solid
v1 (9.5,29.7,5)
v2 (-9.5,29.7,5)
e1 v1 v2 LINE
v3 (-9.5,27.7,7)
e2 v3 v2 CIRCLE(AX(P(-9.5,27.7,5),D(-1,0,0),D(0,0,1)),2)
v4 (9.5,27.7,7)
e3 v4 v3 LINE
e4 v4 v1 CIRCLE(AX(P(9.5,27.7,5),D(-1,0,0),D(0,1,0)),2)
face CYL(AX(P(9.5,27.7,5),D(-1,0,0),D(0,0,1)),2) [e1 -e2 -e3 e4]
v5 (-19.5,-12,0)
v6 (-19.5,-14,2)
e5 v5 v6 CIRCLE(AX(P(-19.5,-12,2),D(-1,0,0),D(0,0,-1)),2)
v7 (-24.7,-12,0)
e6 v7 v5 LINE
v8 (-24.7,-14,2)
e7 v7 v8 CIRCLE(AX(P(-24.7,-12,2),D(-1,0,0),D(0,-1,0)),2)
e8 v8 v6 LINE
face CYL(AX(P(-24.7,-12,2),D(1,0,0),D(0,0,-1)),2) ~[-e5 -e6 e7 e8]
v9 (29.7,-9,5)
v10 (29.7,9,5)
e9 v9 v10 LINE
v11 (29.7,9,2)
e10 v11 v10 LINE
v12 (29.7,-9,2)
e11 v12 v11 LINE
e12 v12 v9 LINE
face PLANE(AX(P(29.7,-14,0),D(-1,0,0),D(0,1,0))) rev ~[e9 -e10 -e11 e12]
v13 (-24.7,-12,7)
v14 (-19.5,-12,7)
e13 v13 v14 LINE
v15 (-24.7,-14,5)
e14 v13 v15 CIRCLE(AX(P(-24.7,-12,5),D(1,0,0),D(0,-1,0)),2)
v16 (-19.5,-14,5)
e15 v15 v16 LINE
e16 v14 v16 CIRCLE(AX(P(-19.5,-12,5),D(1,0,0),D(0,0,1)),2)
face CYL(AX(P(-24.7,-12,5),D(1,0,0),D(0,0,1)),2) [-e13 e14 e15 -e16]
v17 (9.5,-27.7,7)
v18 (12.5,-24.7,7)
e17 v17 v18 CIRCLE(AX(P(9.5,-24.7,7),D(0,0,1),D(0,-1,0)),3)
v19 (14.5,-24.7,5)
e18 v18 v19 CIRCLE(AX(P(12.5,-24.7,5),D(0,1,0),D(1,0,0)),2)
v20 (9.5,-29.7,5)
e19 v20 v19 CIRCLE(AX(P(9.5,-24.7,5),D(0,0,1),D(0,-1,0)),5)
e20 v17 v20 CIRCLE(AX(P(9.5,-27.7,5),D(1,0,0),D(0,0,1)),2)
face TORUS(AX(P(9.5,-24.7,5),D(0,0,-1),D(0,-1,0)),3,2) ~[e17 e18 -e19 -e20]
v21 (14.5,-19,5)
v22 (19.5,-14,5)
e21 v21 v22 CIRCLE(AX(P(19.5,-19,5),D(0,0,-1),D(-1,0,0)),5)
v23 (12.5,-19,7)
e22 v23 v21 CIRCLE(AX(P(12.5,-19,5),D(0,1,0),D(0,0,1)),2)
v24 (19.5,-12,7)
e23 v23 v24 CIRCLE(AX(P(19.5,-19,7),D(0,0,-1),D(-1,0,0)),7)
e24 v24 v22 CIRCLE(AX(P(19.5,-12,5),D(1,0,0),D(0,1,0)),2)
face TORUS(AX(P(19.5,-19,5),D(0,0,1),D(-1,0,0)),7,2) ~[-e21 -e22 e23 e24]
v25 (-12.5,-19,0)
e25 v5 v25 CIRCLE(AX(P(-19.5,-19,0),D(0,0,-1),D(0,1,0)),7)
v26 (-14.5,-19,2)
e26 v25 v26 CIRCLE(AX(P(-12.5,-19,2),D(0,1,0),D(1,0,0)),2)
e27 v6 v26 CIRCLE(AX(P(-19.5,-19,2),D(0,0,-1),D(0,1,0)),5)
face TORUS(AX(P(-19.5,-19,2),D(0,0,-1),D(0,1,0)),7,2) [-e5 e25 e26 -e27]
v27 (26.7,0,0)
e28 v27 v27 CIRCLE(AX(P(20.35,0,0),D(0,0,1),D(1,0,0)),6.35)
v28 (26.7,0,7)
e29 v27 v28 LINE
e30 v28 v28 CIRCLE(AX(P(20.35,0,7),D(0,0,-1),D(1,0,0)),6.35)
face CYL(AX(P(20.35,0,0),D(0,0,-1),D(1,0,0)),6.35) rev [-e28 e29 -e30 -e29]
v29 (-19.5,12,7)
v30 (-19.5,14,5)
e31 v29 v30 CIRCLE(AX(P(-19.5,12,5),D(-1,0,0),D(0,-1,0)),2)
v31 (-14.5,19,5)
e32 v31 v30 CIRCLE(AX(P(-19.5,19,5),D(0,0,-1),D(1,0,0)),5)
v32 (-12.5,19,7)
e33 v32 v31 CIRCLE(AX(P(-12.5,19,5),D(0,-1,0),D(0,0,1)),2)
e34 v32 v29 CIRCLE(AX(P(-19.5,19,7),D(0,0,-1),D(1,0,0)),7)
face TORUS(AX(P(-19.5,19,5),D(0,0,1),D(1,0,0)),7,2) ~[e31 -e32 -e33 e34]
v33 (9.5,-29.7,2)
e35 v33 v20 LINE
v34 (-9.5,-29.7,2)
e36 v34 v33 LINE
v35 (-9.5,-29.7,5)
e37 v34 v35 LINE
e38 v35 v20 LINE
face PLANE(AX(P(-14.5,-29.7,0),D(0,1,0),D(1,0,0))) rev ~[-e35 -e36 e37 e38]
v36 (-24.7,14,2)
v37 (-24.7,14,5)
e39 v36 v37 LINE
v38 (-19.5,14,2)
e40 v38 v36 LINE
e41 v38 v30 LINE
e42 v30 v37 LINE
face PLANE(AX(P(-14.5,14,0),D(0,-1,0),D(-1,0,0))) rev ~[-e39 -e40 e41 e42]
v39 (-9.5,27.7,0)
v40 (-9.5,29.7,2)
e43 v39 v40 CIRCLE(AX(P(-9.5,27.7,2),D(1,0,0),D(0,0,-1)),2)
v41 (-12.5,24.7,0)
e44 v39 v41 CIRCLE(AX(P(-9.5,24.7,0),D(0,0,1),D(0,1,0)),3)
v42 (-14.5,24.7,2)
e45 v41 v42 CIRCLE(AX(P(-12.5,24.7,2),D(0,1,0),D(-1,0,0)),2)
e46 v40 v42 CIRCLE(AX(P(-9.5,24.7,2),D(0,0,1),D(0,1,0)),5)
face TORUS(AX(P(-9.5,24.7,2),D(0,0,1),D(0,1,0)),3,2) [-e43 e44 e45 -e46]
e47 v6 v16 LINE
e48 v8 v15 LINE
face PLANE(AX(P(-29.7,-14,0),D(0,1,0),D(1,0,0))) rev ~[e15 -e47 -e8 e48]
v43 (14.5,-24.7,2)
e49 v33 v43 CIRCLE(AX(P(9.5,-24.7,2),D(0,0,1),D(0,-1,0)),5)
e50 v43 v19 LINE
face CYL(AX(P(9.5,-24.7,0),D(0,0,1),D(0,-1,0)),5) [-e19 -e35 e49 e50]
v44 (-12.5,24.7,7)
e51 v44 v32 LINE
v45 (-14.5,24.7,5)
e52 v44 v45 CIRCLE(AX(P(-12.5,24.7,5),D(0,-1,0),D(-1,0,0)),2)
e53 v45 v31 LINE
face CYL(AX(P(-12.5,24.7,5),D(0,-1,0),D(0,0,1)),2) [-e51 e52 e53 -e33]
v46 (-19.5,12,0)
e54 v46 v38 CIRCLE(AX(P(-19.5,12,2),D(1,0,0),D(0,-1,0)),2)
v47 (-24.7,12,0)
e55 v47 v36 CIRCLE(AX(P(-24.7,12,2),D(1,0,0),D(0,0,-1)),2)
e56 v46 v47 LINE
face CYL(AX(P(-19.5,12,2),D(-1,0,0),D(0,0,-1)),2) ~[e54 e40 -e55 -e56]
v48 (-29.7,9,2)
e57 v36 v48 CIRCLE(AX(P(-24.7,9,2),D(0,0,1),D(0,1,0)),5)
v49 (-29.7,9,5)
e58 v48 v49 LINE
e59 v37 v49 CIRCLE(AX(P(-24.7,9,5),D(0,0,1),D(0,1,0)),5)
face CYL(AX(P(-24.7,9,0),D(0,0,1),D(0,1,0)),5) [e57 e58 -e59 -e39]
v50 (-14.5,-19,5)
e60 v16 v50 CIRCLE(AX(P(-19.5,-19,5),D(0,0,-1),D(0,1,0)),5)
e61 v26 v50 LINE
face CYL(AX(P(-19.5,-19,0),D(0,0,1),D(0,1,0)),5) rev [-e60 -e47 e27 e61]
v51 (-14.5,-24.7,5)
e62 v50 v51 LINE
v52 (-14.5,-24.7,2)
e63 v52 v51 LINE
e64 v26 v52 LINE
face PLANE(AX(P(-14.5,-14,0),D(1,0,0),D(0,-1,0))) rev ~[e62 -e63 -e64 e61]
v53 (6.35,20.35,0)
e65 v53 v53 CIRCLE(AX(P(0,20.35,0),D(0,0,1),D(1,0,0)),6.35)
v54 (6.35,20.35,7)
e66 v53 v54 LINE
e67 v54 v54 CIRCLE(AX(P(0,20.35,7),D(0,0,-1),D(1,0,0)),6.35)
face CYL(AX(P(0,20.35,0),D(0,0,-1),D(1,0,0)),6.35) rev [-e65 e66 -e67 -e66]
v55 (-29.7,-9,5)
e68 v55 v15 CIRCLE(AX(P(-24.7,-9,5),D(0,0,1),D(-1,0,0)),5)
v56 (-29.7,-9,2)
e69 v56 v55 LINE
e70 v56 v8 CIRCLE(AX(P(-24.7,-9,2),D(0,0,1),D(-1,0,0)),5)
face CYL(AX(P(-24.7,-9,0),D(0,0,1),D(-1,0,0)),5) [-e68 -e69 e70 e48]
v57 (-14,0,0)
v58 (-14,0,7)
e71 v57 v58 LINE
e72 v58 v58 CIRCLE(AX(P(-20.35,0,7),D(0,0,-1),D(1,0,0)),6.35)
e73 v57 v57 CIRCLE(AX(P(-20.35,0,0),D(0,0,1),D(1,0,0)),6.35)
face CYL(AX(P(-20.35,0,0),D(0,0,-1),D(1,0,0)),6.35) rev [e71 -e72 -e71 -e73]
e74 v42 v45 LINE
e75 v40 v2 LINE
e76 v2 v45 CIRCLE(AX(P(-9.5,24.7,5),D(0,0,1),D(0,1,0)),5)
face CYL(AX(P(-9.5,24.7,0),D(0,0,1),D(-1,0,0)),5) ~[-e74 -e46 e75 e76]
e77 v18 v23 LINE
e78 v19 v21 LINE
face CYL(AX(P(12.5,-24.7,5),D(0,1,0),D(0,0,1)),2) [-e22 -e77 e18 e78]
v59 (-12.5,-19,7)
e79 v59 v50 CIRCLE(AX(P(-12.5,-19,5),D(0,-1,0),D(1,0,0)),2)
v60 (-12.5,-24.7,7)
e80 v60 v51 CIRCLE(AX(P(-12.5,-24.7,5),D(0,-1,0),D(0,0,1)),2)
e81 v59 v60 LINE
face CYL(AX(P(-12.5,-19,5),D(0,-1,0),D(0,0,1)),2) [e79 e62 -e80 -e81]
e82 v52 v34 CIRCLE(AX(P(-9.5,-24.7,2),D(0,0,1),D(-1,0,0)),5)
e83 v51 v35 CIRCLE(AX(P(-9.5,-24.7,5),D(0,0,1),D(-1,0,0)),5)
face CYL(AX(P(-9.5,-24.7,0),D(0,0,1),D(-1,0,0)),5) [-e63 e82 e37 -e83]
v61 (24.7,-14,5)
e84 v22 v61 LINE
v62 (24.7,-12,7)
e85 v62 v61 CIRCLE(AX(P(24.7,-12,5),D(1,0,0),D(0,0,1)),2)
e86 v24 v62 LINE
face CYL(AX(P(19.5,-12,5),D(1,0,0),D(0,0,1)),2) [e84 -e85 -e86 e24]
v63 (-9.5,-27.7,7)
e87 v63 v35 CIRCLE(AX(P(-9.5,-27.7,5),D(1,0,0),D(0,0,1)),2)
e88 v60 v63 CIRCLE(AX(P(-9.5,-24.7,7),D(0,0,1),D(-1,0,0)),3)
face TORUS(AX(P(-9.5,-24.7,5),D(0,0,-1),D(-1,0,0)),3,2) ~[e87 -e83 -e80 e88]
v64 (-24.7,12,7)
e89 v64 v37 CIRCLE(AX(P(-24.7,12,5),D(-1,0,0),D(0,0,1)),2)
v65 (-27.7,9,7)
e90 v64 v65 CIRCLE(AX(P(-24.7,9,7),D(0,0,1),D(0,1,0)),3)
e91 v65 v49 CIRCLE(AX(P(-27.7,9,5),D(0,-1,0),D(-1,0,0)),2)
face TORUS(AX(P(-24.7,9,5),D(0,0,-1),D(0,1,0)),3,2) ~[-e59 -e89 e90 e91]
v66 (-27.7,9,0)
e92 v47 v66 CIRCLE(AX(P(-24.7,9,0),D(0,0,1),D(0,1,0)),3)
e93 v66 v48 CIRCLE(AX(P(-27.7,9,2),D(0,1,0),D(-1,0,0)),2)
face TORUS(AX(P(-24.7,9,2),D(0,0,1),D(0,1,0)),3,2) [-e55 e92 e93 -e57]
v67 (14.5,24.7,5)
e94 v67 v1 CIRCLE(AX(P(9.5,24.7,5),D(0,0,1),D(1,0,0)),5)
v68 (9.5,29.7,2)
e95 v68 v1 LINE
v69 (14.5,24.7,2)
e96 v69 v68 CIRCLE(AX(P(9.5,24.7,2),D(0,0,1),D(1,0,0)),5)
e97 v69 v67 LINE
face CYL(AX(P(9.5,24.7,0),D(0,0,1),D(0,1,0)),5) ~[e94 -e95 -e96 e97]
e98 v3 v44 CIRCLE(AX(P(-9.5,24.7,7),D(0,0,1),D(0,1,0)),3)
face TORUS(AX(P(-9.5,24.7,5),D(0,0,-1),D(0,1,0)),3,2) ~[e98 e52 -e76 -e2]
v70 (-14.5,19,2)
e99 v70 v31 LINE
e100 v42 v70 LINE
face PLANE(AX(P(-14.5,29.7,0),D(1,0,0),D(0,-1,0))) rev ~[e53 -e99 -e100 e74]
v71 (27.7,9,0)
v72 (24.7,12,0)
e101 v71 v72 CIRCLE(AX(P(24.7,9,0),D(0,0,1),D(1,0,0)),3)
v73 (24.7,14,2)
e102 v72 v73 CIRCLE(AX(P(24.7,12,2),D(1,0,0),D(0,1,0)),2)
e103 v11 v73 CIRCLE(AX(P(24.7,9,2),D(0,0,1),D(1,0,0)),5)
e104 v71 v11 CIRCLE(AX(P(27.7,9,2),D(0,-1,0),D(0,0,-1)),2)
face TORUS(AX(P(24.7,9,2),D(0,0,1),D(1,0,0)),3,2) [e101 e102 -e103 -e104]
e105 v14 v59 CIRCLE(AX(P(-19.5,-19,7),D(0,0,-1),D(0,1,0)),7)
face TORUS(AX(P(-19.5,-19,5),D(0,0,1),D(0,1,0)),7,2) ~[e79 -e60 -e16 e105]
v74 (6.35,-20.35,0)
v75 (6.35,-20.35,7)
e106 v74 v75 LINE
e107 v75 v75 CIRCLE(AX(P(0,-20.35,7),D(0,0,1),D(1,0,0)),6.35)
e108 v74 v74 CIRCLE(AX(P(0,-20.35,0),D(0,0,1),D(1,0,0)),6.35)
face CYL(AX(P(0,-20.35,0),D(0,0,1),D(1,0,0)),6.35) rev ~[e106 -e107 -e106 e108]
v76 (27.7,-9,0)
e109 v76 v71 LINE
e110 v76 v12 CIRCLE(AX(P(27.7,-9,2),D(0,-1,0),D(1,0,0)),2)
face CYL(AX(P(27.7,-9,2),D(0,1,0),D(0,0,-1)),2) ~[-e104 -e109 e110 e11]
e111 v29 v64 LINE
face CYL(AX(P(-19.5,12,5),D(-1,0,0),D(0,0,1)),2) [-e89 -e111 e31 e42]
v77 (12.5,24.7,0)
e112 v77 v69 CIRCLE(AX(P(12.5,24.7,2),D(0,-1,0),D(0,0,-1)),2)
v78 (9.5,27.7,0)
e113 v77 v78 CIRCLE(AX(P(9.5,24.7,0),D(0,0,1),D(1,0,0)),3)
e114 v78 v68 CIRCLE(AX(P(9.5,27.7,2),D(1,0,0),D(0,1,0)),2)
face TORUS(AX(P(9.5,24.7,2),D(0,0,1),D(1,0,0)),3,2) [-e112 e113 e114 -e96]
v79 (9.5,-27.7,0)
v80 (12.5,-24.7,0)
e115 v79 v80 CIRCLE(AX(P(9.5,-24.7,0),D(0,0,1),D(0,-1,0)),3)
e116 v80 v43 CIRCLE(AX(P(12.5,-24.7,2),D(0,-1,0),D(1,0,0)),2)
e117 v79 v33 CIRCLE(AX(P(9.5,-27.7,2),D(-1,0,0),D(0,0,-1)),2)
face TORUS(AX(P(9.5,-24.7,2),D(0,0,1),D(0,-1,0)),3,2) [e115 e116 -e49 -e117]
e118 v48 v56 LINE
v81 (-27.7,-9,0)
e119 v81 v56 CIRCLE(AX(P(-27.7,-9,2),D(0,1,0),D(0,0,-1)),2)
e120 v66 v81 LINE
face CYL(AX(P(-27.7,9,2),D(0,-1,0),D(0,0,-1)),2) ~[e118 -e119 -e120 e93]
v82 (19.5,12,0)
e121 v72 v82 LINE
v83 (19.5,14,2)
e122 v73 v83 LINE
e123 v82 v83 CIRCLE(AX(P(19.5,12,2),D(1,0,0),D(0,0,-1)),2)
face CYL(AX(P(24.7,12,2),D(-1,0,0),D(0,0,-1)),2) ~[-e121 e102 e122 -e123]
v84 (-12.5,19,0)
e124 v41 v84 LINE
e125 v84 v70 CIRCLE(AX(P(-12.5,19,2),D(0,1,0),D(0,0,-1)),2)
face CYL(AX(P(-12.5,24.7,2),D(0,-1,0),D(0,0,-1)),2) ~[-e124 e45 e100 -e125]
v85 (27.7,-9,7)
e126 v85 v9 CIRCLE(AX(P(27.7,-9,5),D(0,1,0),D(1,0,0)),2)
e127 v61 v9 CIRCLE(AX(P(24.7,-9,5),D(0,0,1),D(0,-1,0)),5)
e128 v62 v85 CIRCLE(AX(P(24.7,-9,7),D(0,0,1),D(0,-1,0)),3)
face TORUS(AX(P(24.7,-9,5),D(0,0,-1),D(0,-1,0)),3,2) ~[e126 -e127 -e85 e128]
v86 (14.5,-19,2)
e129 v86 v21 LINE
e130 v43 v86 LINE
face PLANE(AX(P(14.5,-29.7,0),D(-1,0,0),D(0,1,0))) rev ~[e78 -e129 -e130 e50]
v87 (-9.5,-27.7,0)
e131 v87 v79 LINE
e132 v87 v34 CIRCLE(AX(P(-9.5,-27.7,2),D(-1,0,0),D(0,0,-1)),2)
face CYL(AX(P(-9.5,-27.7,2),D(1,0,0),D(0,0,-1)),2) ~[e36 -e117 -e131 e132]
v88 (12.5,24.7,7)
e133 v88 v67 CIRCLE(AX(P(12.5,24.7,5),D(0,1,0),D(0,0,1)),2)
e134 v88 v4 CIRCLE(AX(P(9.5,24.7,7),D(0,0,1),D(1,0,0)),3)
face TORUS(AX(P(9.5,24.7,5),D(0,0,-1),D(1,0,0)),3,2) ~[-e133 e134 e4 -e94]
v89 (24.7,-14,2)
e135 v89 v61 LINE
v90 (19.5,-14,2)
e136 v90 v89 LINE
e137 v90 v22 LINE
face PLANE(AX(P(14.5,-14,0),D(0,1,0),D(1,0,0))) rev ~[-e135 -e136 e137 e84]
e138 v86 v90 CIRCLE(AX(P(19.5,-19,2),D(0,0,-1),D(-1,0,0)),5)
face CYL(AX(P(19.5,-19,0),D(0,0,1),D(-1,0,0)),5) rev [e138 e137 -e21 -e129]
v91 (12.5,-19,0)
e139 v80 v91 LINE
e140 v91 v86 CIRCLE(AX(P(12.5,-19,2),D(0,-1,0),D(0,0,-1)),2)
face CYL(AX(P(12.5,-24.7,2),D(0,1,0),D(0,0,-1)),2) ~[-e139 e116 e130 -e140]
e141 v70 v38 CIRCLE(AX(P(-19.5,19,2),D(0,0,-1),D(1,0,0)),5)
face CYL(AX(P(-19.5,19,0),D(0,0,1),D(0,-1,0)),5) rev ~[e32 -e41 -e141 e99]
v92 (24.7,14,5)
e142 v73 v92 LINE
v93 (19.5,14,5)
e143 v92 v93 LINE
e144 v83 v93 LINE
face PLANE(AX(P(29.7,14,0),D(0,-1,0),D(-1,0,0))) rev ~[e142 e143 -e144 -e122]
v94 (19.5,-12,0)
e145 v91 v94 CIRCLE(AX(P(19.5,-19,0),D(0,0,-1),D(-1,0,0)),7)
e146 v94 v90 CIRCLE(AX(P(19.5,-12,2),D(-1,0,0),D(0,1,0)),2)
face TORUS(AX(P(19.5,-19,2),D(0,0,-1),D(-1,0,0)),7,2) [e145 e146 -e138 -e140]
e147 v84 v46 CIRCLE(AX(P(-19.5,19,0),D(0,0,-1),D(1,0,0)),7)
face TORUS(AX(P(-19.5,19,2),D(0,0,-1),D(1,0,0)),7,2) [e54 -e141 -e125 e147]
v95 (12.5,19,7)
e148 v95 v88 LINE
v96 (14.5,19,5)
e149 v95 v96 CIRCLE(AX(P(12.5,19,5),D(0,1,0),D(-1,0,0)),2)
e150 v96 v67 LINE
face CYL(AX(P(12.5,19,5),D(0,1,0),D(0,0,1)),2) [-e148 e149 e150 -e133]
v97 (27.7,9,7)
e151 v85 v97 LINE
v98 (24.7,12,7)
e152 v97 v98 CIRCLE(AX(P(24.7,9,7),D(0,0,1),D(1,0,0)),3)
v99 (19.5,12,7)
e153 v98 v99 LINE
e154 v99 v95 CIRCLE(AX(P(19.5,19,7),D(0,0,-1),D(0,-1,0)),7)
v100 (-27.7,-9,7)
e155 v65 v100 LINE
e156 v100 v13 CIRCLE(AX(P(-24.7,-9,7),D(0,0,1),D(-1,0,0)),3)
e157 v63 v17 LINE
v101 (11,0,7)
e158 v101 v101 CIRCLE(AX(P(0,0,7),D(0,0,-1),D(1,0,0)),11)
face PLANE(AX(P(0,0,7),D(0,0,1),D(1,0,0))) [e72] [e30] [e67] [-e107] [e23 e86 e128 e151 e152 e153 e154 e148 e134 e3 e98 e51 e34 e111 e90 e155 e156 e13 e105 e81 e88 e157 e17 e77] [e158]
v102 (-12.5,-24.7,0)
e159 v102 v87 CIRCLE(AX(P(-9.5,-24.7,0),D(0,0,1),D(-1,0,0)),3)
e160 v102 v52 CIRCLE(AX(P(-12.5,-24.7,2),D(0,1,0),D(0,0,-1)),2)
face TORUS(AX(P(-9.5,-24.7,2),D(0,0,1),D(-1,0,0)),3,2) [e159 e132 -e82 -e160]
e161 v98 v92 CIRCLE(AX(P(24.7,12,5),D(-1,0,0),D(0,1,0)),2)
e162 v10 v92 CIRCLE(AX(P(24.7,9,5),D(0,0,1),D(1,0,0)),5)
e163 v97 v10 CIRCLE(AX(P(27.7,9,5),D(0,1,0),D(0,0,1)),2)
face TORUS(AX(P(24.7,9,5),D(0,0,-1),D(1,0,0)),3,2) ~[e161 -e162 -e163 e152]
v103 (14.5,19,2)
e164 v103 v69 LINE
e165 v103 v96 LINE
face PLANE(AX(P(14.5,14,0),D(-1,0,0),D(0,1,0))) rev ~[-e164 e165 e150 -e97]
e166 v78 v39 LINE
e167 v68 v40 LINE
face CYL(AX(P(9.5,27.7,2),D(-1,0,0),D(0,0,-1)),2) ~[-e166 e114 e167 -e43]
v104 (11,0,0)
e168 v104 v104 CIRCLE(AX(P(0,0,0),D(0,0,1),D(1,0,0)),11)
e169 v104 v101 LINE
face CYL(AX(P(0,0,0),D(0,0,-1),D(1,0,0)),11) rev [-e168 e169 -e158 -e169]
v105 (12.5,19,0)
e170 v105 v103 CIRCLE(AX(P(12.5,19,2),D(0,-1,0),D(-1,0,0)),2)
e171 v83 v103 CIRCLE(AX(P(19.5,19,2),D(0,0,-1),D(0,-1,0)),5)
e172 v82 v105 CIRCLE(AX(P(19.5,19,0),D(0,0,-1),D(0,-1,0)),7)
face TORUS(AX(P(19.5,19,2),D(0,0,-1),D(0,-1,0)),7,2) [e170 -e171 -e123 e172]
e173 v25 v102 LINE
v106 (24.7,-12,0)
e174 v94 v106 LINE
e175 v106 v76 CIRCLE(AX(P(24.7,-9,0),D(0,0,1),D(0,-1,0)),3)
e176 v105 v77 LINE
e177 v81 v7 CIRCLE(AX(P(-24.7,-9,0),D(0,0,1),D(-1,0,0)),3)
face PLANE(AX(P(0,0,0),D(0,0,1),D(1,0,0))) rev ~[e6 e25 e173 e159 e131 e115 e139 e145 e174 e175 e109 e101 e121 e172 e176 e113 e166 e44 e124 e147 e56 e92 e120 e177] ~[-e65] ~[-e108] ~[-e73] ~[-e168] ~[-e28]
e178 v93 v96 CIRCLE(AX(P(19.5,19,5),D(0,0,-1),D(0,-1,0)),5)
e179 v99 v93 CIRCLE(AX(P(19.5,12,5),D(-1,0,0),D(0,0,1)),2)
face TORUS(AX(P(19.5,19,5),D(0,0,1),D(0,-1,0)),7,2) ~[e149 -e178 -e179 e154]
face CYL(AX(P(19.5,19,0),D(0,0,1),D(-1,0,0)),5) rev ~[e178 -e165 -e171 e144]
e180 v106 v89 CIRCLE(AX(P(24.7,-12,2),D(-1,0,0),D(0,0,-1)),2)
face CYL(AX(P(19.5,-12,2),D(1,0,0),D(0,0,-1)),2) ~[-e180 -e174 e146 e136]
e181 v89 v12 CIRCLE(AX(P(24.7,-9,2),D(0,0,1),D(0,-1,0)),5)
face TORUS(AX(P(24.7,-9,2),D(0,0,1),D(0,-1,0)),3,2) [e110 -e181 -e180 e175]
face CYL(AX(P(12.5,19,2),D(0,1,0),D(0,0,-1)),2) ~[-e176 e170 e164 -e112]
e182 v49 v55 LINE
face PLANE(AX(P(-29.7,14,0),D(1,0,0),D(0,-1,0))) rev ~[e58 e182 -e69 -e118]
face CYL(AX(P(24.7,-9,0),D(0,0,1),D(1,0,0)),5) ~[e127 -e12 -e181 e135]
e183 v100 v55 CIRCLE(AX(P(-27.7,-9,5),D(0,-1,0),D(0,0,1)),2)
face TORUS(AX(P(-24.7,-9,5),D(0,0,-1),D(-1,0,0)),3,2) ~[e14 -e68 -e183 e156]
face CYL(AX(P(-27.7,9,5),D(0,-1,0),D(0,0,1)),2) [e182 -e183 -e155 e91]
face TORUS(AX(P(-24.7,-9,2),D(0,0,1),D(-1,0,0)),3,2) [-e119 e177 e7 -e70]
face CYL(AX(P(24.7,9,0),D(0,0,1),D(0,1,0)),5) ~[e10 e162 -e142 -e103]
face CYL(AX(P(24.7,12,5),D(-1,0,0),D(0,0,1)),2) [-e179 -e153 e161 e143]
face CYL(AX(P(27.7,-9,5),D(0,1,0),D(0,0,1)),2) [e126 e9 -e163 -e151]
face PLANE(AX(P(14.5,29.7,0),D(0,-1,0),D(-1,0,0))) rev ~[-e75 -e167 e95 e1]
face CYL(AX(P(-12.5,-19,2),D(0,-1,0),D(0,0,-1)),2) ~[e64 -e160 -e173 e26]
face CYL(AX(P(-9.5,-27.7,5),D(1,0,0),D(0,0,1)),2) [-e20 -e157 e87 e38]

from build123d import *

# Parameters (mm, degrees)
F1_DEPTH = 7
F2_R     = 11
F3_DEPTH = 47.4
F4_R     = 6.35
F5_DEPTH = 12.5
F6_R     = 5
F7_R     = 5
F8_R     = 2


with BuildPart() as f1:
    # F0 (on Top) → F1 (new body)
    with BuildSketch(Plane.XY):
        Polygon((-14.5, 14), (-29.7, 14), (-29.7, -14), (-14.5, -14), (-14.5, -29.7), (14.5, -29.7), (14.5, -14), (29.7, -14), (29.7, 14), (14.5, 14), (14.5, 29.7), (-14.5, 29.7), align=None)
    extrude(amount=F1_DEPTH)

    # F2 (on Top) → F3 (cut)
    with BuildSketch(Plane.XY):
        Circle(F2_R)
    extrude(amount=F3_DEPTH, mode=Mode.SUBTRACT)

    # F4 (on Top) → F5 (cut, symmetric)
    with BuildSketch(Plane.XY):
        with Locations((-20.35, 0)):
            Circle(F4_R)
        with Locations((20.35, 0)):
            Circle(F4_R)
        with Locations((0, 20.35)):
            Circle(F4_R)
        with Locations((0, -20.35)):
            Circle(F4_R)
    extrude(amount=F5_DEPTH, both=True, mode=Mode.SUBTRACT)

    # F6
    f6_edges = [f1.edges().sort_by_distance(p)[0] for p in [
        (14.5, -14, 3.5),
        (14.5, 14, 3.5),
        (-14.5, 14, 3.5),
        (-14.5, -14, 3.5),
    ]]
    fillet(f6_edges, radius=F6_R)

    # F7
    f7_edges = [f1.edges().sort_by_distance(p)[0] for p in [
        (14.5, -29.7, 3.5),
        (-14.5, -29.7, 3.5),
        (29.7, -14, 3.5),
        (29.7, 14, 3.5),
        (14.5, 29.7, 3.5),
        (-14.5, 29.7, 3.5),
        (-29.7, 14, 3.5),
        (-29.7, -14, 3.5),
    ]]
    fillet(f7_edges, radius=F7_R)

    # F8
    f8_edges = [f1.edges().sort_by_distance(p)[0] for p in [
        (0, -29.7, 7),
        (0, -29.7, 0),
    ]]
    fillet(f8_edges, radius=F8_R)


solid = f1.part
